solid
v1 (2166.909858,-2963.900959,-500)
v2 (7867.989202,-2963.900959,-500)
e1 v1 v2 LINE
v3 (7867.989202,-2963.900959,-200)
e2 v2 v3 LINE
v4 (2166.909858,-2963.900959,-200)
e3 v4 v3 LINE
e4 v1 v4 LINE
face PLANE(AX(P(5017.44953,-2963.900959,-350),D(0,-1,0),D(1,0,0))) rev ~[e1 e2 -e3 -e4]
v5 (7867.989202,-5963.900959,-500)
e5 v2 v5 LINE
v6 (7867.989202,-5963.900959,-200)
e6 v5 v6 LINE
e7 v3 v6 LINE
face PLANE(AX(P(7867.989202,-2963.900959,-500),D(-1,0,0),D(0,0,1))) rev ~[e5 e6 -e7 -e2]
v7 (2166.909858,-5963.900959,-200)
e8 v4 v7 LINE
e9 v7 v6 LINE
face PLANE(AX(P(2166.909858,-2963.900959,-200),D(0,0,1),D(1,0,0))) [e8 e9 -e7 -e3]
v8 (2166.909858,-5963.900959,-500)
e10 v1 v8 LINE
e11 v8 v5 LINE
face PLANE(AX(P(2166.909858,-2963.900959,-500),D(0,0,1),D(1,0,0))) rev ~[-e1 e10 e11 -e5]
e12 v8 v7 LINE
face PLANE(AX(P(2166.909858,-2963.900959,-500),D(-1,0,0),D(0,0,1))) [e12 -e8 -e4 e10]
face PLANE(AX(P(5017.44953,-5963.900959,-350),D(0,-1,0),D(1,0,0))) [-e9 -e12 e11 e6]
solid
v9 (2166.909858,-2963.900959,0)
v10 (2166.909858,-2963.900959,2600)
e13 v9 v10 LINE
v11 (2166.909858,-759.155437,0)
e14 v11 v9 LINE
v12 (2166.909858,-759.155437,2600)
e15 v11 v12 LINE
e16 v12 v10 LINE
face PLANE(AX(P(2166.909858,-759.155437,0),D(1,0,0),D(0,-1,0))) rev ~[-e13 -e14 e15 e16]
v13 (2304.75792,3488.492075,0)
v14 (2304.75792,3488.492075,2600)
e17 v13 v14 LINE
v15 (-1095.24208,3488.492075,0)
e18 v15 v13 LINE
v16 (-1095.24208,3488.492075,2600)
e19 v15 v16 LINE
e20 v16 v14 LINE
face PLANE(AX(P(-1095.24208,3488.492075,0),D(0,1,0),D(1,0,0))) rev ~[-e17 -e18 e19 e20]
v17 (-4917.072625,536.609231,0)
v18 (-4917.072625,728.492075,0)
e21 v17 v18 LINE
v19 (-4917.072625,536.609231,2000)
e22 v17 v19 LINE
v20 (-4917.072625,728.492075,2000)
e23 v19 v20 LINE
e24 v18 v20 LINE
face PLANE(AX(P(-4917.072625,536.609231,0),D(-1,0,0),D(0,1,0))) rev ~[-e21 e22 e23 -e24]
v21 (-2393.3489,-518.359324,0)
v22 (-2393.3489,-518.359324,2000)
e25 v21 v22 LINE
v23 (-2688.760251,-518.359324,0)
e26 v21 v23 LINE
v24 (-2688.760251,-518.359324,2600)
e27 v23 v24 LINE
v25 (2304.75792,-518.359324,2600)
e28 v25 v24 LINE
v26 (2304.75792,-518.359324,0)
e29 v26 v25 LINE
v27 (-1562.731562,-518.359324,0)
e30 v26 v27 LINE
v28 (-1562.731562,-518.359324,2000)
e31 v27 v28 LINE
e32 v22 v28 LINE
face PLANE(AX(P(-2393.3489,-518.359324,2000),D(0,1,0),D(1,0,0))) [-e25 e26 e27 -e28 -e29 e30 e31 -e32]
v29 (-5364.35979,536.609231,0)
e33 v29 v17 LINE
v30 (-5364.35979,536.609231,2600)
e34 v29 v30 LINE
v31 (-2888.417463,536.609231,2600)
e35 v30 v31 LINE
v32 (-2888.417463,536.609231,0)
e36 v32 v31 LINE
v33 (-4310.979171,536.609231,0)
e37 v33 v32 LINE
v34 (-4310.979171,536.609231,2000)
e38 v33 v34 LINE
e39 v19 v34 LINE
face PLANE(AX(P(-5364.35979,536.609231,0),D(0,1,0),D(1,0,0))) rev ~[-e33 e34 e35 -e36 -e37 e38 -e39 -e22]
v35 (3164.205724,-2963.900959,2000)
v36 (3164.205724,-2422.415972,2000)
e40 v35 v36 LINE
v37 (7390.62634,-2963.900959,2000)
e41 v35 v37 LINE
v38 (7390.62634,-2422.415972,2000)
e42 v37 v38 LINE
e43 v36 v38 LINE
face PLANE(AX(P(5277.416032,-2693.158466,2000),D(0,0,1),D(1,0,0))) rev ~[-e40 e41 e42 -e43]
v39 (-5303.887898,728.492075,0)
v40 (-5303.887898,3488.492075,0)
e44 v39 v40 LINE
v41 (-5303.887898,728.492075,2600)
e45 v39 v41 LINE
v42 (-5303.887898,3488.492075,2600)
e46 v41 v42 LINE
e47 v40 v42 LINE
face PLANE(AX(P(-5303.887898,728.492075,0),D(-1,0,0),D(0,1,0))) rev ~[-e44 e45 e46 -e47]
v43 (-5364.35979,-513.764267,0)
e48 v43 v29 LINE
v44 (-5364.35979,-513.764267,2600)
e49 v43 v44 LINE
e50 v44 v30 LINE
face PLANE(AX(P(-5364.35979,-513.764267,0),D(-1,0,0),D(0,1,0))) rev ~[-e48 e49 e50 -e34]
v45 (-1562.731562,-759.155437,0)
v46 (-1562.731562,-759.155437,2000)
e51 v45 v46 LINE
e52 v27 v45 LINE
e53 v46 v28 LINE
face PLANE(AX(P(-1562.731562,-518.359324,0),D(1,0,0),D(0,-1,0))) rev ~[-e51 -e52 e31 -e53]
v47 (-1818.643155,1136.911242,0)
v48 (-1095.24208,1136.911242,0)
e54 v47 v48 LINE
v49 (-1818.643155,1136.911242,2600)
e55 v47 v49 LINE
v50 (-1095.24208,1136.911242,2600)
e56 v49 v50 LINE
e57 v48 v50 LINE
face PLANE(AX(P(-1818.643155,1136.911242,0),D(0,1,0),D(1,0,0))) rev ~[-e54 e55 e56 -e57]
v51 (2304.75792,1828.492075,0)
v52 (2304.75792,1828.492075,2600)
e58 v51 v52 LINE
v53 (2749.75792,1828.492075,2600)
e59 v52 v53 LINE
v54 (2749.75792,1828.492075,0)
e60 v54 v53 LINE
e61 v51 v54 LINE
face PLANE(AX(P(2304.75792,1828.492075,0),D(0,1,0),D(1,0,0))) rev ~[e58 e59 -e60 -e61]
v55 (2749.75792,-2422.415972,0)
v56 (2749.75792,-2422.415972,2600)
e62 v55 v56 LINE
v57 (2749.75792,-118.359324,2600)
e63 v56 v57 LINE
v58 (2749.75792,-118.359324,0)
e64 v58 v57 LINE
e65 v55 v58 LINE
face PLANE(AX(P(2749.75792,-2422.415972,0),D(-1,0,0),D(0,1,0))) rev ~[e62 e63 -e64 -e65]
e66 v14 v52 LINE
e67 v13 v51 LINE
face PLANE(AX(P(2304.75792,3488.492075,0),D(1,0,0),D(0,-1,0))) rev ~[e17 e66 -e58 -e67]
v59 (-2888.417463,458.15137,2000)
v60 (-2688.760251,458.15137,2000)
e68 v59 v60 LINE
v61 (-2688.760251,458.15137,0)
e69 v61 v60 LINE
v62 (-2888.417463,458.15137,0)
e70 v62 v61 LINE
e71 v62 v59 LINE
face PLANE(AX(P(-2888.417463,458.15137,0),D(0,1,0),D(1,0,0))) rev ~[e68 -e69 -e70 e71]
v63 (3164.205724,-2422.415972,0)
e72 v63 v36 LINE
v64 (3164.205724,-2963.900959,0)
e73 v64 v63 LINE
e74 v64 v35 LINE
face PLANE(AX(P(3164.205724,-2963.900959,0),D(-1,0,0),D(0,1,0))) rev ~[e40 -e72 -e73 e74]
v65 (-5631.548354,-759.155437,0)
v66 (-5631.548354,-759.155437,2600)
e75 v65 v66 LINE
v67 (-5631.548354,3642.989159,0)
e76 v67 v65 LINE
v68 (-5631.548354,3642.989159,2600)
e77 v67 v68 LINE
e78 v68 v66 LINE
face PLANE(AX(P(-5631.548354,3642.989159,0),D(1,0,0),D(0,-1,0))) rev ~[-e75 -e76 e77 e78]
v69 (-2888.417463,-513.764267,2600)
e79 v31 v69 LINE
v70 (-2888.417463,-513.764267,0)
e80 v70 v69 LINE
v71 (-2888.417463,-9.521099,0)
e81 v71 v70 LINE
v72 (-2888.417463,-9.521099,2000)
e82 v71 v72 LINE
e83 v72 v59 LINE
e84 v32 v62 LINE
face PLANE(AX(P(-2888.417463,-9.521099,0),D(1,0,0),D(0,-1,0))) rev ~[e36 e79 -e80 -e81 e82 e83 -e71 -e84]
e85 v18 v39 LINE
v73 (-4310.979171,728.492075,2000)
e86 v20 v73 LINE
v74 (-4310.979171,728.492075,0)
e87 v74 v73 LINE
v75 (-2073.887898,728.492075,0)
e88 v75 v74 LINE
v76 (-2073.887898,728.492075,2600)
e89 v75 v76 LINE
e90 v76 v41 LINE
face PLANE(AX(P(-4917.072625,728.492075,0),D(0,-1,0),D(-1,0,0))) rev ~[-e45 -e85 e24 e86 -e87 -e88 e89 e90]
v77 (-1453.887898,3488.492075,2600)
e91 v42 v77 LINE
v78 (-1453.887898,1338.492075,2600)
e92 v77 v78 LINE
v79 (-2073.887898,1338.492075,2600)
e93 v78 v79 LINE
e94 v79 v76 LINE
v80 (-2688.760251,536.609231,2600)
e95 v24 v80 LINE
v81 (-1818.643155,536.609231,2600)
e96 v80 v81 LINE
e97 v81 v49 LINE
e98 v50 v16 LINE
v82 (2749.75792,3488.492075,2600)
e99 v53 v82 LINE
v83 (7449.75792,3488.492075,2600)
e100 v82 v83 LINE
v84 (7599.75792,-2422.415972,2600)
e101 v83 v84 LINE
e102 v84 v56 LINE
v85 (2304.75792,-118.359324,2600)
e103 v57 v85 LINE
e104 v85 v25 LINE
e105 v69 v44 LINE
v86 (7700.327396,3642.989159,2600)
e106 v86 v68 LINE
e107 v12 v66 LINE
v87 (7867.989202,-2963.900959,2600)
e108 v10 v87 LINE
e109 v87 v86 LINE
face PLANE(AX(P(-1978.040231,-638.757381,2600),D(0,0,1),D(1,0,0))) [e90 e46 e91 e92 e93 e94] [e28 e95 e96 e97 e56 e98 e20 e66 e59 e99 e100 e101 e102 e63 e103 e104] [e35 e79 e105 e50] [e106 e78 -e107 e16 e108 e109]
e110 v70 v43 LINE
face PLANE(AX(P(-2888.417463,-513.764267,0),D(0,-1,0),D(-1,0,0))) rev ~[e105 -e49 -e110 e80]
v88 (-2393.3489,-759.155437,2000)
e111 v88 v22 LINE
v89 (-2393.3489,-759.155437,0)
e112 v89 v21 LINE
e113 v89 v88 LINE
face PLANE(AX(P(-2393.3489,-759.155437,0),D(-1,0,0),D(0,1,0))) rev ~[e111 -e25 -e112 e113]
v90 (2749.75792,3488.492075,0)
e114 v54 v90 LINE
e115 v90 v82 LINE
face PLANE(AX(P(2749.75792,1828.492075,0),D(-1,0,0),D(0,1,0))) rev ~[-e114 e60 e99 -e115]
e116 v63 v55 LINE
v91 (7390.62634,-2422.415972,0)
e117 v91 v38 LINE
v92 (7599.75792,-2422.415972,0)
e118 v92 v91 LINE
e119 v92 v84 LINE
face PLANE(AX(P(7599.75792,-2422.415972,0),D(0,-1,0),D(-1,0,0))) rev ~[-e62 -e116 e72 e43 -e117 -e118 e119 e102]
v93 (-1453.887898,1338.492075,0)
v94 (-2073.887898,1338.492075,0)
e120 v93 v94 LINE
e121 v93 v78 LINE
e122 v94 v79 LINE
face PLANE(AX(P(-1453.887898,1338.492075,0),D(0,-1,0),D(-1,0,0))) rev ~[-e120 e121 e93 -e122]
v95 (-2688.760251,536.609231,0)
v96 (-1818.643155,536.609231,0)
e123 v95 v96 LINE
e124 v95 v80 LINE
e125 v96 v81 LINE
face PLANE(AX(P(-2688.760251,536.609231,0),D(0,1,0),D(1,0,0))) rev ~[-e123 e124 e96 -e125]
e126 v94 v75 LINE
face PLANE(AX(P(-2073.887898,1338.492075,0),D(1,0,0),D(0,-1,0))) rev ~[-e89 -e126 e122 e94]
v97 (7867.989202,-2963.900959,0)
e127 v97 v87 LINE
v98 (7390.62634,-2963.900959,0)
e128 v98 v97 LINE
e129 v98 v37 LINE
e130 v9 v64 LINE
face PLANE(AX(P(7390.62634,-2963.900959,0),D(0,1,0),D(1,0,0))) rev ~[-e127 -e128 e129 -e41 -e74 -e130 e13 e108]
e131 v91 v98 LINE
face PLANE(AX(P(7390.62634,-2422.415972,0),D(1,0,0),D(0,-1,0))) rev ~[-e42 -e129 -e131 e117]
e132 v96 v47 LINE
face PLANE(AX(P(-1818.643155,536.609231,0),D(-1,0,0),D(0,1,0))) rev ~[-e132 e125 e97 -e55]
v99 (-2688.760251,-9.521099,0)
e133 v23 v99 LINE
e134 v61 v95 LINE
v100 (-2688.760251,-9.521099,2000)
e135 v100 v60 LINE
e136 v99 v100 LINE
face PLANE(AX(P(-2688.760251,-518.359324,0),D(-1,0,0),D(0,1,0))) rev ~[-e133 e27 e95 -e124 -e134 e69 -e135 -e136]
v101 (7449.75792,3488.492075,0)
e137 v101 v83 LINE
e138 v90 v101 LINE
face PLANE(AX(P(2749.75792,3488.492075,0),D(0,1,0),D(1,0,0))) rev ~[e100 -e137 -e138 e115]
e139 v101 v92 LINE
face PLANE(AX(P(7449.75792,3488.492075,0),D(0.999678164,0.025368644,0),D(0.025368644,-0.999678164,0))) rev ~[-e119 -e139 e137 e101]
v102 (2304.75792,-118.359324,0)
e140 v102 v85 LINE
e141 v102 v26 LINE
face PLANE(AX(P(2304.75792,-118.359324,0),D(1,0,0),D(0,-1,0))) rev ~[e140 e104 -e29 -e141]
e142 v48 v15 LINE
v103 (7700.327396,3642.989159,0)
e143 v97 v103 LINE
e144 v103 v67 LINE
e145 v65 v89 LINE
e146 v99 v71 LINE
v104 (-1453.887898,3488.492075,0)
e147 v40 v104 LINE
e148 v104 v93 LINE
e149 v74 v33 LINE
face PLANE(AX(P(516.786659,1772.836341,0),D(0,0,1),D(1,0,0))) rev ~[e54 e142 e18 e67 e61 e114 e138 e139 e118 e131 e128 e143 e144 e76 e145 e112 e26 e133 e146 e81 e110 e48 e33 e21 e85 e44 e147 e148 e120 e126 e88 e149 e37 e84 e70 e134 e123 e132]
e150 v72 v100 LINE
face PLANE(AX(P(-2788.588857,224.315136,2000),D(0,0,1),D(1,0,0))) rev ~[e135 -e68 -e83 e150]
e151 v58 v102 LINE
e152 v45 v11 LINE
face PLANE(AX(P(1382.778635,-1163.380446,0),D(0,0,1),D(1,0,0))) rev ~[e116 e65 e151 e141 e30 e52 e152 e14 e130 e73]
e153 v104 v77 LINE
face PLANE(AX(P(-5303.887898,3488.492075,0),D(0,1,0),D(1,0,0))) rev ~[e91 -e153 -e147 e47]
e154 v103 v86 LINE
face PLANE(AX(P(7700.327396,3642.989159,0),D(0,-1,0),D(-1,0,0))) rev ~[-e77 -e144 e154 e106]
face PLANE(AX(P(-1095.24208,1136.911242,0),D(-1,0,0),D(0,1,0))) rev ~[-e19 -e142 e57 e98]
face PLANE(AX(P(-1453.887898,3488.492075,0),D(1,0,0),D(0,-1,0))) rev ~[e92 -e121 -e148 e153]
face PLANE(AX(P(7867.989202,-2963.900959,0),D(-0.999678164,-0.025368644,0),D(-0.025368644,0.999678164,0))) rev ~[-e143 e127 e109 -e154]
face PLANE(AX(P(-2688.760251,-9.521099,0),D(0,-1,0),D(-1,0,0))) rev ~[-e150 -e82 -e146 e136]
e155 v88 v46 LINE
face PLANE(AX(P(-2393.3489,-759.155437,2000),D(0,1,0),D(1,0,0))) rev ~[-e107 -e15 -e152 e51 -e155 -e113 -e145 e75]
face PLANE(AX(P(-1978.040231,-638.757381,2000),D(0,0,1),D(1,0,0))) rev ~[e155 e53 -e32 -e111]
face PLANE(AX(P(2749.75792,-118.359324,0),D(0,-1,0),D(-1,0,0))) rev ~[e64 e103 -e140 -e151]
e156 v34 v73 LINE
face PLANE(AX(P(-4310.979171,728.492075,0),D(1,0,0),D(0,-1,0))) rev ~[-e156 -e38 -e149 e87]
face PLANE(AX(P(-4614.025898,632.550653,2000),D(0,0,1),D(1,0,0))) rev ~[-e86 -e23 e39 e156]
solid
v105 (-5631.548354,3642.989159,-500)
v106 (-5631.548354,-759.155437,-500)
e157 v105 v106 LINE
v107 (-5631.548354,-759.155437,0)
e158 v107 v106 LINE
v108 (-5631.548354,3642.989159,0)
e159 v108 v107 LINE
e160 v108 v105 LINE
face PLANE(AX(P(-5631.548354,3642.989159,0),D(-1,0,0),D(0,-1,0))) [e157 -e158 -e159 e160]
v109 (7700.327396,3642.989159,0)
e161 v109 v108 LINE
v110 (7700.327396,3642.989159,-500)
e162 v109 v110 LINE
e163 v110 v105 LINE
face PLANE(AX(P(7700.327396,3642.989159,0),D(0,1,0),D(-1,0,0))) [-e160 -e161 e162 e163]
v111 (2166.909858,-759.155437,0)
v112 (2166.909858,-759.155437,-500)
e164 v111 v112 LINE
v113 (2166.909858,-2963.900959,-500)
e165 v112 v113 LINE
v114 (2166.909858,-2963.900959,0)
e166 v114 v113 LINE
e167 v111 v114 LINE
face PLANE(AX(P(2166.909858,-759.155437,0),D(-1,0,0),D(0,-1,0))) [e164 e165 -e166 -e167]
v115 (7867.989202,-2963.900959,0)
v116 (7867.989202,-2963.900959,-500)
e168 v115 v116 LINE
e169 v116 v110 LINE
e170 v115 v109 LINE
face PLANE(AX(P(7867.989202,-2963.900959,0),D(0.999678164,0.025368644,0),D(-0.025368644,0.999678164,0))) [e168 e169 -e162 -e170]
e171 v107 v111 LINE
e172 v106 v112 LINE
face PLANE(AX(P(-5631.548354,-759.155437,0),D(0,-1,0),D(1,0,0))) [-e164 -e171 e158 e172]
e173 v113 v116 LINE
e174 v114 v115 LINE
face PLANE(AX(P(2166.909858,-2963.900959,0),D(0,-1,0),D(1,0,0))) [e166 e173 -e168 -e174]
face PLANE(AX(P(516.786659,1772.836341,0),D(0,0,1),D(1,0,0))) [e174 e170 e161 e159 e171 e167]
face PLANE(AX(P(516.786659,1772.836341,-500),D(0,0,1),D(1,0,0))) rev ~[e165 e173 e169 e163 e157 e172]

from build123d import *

# Parameters (mm, degrees)
F0_W     = 830.6173386342
F0_H     = 240.7961136216
F0_W_2   = 4226.4206153695
F0_H_2   = 541.4849875656
F0_W_3   = 199.6572122673
F0_H_3   = 467.6724689261
F0_W_4   = 606.0934546265
F0_H_4   = 191.8828443388
F1_DEPTH = 500
F2_DEPTH = 2600
F4_W     = 830.6173386342
F4_H     = 240.7961136216
F4_W_2   = 606.0934546265
F4_H_2   = 191.8828443388
F4_W_3   = 199.6572122673
F4_H_3   = 467.6724689261
F4_W_4   = 4226.4206153695
F4_H_4   = 541.4849875656
F5_DEPTH = 600
F6_W     = 5701.0793440601
F6_H     = 300
F7_DEPTH = 3000


with BuildPart() as f1:
    # F0 (on Top) → F1 (new body)
    with BuildSketch(Plane.XY):
        Polygon((-5631.5483541938, -759.1554373126), (-2393.3489004288, -759.1554373126), (-2393.3489004288, -518.359323691), (-2688.7602510609, -518.359323691), (-2688.7602510609, -9.5210987867), (-2888.4174633282, -9.5210987867), (-2888.4174633282, -513.7642672382), (-5364.3597898582, -513.7642672382), (-5364.3597898582, 536.6092310389), (-4917.0726253467, 536.6092310389), (-4917.0726253467, 728.4920753777), (-5303.8878975014, 728.4920753777), (-5303.8878975014, 3488.4920753777), (-1453.8878975014, 3488.4920753777), (-1453.8878975014, 1338.4920753777), (-2073.8878975014, 1338.4920753777), (-2073.8878975014, 728.4920753777), (-4310.9791707202, 728.4920753777), (-4310.9791707202, 536.6092310389), (-2888.4174633282, 536.6092310389), (-2888.4174633282, 458.1513701394), (-2688.7602510609, 458.1513701394), (-2688.7602510609, 536.6092310389), (-1818.643155098, 536.6092310389), (-1818.643155098, 1136.9112424095), (-1494.0677461723, 1136.9112424095), (-1095.2420802859, 1136.9112424095), (-1095.2420802859, 3488.4920753777), (2304.7579197141, 3488.4920753777), (2304.7579197141, 1828.4920753777), (2749.7579197141, 1828.4920753777), (2749.7579197141, 3488.4920753777), (7449.7579197141, 3488.4920753777), (7599.7579197141, -2422.415971756), (7390.6263395982, -2422.415971756), (7390.6263395982, -2963.9009593216), (7867.9892022931, -2963.9009593216), (7700.3273963928, 3642.9891586304), (-5631.5483541938, 3642.9891586304), align=None)
        with Locations((-1978.0402311117, -638.7573805018)):
            Rectangle(F0_W, F0_H)
        Polygon((-1562.7315617945, -518.359323691), (-1562.7315617945, -759.1554373126), (2166.909858233, -759.1554373126), (2166.909858233, -2963.9009593216), (3164.2057242287, -2963.9009593216), (3164.2057242287, -2422.415971756), (2749.7579197141, -2422.415971756), (2749.7579197141, -118.359323691), (2304.7579197141, -118.359323691), (2304.7579197141, -518.359323691), align=None)
        with Locations((5277.4160319135, -2693.1584655388)):
            Rectangle(F0_W_2, F0_H_2)
        with Locations((-2788.5888571945, 224.3151356764)):
            Rectangle(F0_W_3, F0_H_3)
        with Locations((-4614.0258980334, 632.5506532083)):
            Rectangle(F0_W_4, F0_H_4)
        Polygon((-4917.0726253467, 728.4920753777), (-4310.9791707202, 728.4920753777), (-2073.8878975014, 728.4920753777), (-2073.8878975014, 1338.4920753777), (-1453.8878975014, 1338.4920753777), (-1453.8878975014, 3488.4920753777), (-5303.8878975014, 3488.4920753777), (-5303.8878975014, 728.4920753777), align=None)
        Polygon((-2888.4174633282, -513.7642672382), (-2888.4174633282, -9.5210987867), (-2888.4174633282, 458.1513701394), (-2888.4174633282, 536.6092310389), (-4310.9791707202, 536.6092310389), (-4917.0726253467, 536.6092310389), (-5364.3597898582, 536.6092310389), (-5364.3597898582, -513.7642672382), align=None)
        Polygon((-2688.7602510609, -518.359323691), (-2393.3489004288, -518.359323691), (-1562.7315617945, -518.359323691), (2304.7579197141, -518.359323691), (2304.7579197141, -118.359323691), (2749.7579197141, -118.359323691), (2749.7579197141, -2422.415971756), (3164.2057242287, -2422.415971756), (7390.6263395982, -2422.415971756), (7599.7579197141, -2422.415971756), (7449.7579197141, 3488.4920753777), (2749.7579197141, 3488.4920753777), (2749.7579197141, 1828.4920753777), (2304.7579197141, 1828.4920753777), (2304.7579197141, 3488.4920753777), (-1095.2420802859, 3488.4920753777), (-1095.2420802859, 1136.9112424095), (-1494.0677461723, 1136.9112424095), (-1818.643155098, 1136.9112424095), (-1818.643155098, 536.6092310389), (-2688.7602510609, 536.6092310389), (-2688.7602510609, 458.1513701394), (-2688.7602510609, -9.5210987867), align=None)
    extrude(amount=-F1_DEPTH)


with BuildPart() as f2:
    # F0 (on Top) → F2 (new body)
    with BuildSketch(Plane.XY):
        Polygon((-5631.5483541938, -759.1554373126), (-2393.3489004288, -759.1554373126), (-2393.3489004288, -518.359323691), (-2688.7602510609, -518.359323691), (-2688.7602510609, -9.5210987867), (-2888.4174633282, -9.5210987867), (-2888.4174633282, -513.7642672382), (-5364.3597898582, -513.7642672382), (-5364.3597898582, 536.6092310389), (-4917.0726253467, 536.6092310389), (-4917.0726253467, 728.4920753777), (-5303.8878975014, 728.4920753777), (-5303.8878975014, 3488.4920753777), (-1453.8878975014, 3488.4920753777), (-1453.8878975014, 1338.4920753777), (-2073.8878975014, 1338.4920753777), (-2073.8878975014, 728.4920753777), (-4310.9791707202, 728.4920753777), (-4310.9791707202, 536.6092310389), (-2888.4174633282, 536.6092310389), (-2888.4174633282, 458.1513701394), (-2688.7602510609, 458.1513701394), (-2688.7602510609, 536.6092310389), (-1818.643155098, 536.6092310389), (-1818.643155098, 1136.9112424095), (-1494.0677461723, 1136.9112424095), (-1095.2420802859, 1136.9112424095), (-1095.2420802859, 3488.4920753777), (2304.7579197141, 3488.4920753777), (2304.7579197141, 1828.4920753777), (2749.7579197141, 1828.4920753777), (2749.7579197141, 3488.4920753777), (7449.7579197141, 3488.4920753777), (7599.7579197141, -2422.415971756), (7390.6263395982, -2422.415971756), (7390.6263395982, -2963.9009593216), (7867.9892022931, -2963.9009593216), (7700.3273963928, 3642.9891586304), (-5631.5483541938, 3642.9891586304), align=None)
    extrude(amount=F2_DEPTH)



with BuildPart() as f2b:
    # F0 (on Top) → F2, piece 2 (new body)
    with BuildSketch(Plane.XY):
        Polygon((-1562.7315617945, -518.359323691), (-1562.7315617945, -759.1554373126), (2166.909858233, -759.1554373126), (2166.909858233, -2963.9009593216), (3164.2057242287, -2963.9009593216), (3164.2057242287, -2422.415971756), (2749.7579197141, -2422.415971756), (2749.7579197141, -118.359323691), (2304.7579197141, -118.359323691), (2304.7579197141, -518.359323691), align=None)
    extrude(amount=F2_DEPTH)


with BuildPart() as f2_1:
    add(f2.part)

    add(f2b.part)  # F5 merges F2b
    # F4 (on offset) → F5 (join, through all)
    with BuildSketch(Plane.XY.offset(2000)):
        with Locations((-1978.0402311117, -638.7573805018)):
            Rectangle(F4_W, F4_H)
        with Locations((-4614.0258980334, 632.5506532083)):
            Rectangle(F4_W_2, F4_H_2)
        with Locations((-2788.5888571945, 224.3151356764)):
            Rectangle(F4_W_3, F4_H_3)
        with Locations((5277.4160319135, -2693.1584655388)):
            Rectangle(F4_W_4, F4_H_4)
    extrude(amount=F5_DEPTH)


with BuildPart() as f7:
    # F6 (on face) → F7 (new body)
    with BuildSketch(Plane.XZ.offset(2963.9009593216)):
        with Locations((5017.449530263, -350)):
            Rectangle(F6_W, F6_H)
    extrude(amount=F7_DEPTH)


solid = Compound([f1.part, f2_1.part, f7.part])
